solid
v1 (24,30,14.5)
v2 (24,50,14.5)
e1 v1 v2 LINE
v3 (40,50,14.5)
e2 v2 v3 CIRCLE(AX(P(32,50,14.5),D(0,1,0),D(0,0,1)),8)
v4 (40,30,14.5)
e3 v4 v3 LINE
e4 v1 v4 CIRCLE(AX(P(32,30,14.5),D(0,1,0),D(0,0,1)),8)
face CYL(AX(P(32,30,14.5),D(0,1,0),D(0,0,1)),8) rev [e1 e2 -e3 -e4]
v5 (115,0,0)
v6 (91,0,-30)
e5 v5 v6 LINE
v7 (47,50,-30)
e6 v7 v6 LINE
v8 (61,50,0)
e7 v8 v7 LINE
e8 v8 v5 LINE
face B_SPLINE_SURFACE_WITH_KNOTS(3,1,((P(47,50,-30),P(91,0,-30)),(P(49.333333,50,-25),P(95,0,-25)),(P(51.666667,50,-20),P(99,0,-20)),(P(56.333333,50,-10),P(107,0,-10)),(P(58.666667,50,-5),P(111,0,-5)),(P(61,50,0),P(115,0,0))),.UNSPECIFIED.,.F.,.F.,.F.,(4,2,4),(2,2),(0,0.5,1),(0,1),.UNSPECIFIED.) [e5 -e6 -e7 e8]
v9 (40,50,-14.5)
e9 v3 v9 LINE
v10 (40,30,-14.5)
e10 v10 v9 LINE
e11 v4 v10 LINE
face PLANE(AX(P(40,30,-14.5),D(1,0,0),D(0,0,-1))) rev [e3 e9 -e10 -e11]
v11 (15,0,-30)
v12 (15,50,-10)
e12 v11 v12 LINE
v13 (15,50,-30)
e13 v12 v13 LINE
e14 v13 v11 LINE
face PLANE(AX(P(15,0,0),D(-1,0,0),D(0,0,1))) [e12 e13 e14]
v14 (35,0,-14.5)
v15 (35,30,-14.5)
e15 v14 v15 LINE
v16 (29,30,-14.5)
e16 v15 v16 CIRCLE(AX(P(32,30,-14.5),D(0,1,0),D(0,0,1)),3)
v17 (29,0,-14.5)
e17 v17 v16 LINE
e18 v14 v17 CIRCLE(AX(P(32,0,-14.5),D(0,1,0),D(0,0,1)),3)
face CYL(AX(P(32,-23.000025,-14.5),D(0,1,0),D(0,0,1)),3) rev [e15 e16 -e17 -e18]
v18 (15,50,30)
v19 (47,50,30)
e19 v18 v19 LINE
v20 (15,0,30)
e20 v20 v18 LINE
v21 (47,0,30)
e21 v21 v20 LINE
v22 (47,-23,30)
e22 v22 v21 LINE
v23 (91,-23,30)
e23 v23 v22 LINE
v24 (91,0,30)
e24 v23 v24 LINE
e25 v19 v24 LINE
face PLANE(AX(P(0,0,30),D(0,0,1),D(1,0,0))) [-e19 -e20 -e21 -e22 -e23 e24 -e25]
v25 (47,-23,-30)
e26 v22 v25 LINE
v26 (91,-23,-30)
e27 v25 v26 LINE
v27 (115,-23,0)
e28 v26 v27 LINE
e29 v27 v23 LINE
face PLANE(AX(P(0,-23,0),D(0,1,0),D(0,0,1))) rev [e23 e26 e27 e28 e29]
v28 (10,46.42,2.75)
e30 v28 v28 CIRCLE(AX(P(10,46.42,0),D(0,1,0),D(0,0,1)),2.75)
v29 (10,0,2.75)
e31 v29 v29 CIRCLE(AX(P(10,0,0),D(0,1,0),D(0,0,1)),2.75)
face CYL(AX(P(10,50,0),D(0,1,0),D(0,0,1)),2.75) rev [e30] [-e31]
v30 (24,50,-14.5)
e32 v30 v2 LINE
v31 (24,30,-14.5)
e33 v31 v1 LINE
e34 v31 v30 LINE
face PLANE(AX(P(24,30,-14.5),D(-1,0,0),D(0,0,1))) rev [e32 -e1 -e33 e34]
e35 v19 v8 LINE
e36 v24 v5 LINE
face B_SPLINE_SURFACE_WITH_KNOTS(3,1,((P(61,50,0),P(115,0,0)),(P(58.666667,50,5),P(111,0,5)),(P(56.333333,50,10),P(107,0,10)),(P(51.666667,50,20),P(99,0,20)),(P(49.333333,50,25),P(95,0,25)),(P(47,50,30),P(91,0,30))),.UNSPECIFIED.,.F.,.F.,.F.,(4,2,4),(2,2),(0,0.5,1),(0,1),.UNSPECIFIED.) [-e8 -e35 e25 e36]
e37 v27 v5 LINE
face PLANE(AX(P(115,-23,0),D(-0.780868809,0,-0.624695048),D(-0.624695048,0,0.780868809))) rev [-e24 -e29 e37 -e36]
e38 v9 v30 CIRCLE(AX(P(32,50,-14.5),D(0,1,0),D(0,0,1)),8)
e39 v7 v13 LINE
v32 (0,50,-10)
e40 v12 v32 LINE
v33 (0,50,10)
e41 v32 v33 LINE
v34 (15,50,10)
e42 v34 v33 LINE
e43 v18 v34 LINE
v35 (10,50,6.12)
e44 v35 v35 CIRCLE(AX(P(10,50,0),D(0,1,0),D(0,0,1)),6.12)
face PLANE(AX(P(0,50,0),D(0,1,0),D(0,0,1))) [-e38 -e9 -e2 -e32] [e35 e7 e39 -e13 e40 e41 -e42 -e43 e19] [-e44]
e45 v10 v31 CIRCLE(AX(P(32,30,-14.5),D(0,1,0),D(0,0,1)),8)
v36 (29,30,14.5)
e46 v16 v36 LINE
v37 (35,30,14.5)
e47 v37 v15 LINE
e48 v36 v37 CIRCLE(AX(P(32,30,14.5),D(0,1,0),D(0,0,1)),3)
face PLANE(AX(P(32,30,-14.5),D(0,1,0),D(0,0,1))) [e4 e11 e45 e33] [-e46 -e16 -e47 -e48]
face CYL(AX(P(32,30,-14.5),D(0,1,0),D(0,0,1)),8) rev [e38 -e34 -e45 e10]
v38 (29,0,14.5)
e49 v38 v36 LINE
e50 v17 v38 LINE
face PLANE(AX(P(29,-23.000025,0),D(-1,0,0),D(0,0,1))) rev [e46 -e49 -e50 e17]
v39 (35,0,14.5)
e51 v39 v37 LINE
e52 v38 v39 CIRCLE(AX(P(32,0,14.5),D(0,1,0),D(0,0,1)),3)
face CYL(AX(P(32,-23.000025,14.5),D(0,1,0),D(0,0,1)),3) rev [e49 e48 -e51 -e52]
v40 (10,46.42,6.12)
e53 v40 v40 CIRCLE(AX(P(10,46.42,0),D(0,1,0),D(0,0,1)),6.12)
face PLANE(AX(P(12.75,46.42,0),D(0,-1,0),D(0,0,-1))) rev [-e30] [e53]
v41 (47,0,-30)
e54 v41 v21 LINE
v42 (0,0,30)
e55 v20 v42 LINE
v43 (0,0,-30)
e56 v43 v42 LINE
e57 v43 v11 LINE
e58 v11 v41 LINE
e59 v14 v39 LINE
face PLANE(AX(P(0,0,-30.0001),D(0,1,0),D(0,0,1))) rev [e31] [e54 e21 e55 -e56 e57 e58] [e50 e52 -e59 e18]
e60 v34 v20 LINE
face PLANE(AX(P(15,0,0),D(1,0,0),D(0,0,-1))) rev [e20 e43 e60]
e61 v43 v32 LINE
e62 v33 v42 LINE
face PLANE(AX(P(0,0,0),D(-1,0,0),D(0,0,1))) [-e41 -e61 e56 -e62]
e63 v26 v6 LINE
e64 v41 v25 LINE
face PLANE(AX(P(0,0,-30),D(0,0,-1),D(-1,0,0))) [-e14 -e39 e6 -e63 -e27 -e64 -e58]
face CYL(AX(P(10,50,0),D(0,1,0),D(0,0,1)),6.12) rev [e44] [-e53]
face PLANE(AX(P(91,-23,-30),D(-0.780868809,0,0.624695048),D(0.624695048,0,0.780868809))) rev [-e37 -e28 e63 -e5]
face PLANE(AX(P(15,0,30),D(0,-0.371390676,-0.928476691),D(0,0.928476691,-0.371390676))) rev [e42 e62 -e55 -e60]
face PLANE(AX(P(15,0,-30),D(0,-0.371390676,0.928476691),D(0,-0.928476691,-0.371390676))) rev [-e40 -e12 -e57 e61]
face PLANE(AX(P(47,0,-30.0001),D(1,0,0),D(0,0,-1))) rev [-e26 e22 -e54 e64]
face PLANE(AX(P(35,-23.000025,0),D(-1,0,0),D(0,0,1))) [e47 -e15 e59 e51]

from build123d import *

# Parameters (mm, degrees)
BOSS_EXTRUDE2_DEPTH                     = 23
SKETCH17_W                              = 47
SKETCH17_H                              = 23
CUT_EXTRUDE5_DEPTH                      = 140.014387906
CUT_EXTRUDE6_DEPTH                      = 15
CUT_EXTRUDE7_DEPTH                      = 20
CUT_EXTRUDE8_DEPTH                      = 140.477596924
CBORE_FOR_M5_HEX_HEAD_BOLT2_D           = 5.5
CBORE_FOR_M5_HEX_HEAD_BOLT2_CBORE_D     = 12.24
CBORE_FOR_M5_HEX_HEAD_BOLT2_CBORE_DEPTH = 3.58


with BuildPart() as part:
    # Sketch15 → Loft2 section 0
    with BuildSketch(Plane(origin=(0, 50, 0), x_dir=(1, 0, 0), z_dir=(0, 1, 0))):
        with BuildLine():
            Line((0, 30), (0, -30))
            Line((0, -30), (47, -30))
            Line((47, -30), (61, 0))
            Line((61, 0), (47, 30))
            Line((47, 30), (0, 30))
        make_face()
    # Sketch1 → Loft2 section 1
    with BuildSketch(Plane(origin=(0, 0, 0), x_dir=(1, 0, 0), z_dir=(0, 1, 0))):
        with BuildLine():
            Line((0, -30), (0, 30))
            Line((0, 30), (91, 30))
            Line((91, 30), (115, 0))
            Line((115, 0), (91, -30))
            Line((91, -30), (0, -30))
        make_face()
    loft()

    # Sketch16 → Boss-Extrude2 (add)
    with BuildSketch(Plane.XZ):
        Polygon((91, 30), (0, 30), (0, -30), (91, -30), (115, 0), align=None)
    extrude(amount=BOSS_EXTRUDE2_DEPTH)

    # Sketch17 → Cut-Extrude5 (cut, through all)
    with BuildSketch(Plane.XY.offset(30)):
        with Locations((23.5, -11.5)):
            Rectangle(SKETCH17_W, SKETCH17_H)
    extrude(amount=-CUT_EXTRUDE5_DEPTH, mode=Mode.SUBTRACT)

    # Sketch19 → Cut-Extrude6 (cut)
    with BuildSketch(Plane.ZY):
        Polygon((10, 50), (30, 50), (30, 0), align=None)
        Polygon((-10, 50), (-30, 50), (-30, 0), align=None)
    extrude(amount=-CUT_EXTRUDE6_DEPTH, mode=Mode.SUBTRACT)

    # Sketch20 → Cut-Extrude7 (cut)
    with BuildSketch(Plane(origin=(0, 50, 0), x_dir=(1, 0, 0), z_dir=(0, 1, 0))):
        with BuildLine():
            Line((40, 14.5), (40, -14.5))
            ThreePointArc((40, -14.5), (32, -22.5), (24, -14.5))
            Line((24, -14.5), (24, 14.5))
            ThreePointArc((24, 14.5), (32, 22.5), (40, 14.5))
        make_face()
        with BuildLine():
            Line((35, 14.5), (35, -14.5))
            ThreePointArc((35, -14.5), (32, -17.5), (29, -14.5))
            Line((29, -14.5), (29, 14.5))
            ThreePointArc((29, 14.5), (32, 17.5), (35, 14.5))
        make_face(mode=Mode.SUBTRACT)
    extrude(amount=-CUT_EXTRUDE7_DEPTH, mode=Mode.SUBTRACT)

    # Sketch20<2> → Cut-Extrude8 (cut, through all)
    with BuildSketch(Plane(origin=(0, 50, 0), x_dir=(1, 0, 0), z_dir=(0, 1, 0))):
        with BuildLine():
            Line((35, -14.5), (35, 14.5))
            ThreePointArc((35, 14.5), (32, 17.5), (29, 14.5))
            Line((29, 14.5), (29, -14.5))
            ThreePointArc((29, -14.5), (32, -17.5), (35, -14.5))
        make_face()
    extrude(amount=-CUT_EXTRUDE8_DEPTH, mode=Mode.SUBTRACT)

    # CBORE for M5 Hex Head Bolt2 (through all)
    with Locations(Plane(origin=(0, 50, 0), x_dir=(1, 0, 0), z_dir=(0, 1, 0))):
        with Locations((10, 0)):
            CounterBoreHole(CBORE_FOR_M5_HEX_HEAD_BOLT2_D / 2, CBORE_FOR_M5_HEX_HEAD_BOLT2_CBORE_D / 2, CBORE_FOR_M5_HEX_HEAD_BOLT2_CBORE_DEPTH)


solid = part.part
